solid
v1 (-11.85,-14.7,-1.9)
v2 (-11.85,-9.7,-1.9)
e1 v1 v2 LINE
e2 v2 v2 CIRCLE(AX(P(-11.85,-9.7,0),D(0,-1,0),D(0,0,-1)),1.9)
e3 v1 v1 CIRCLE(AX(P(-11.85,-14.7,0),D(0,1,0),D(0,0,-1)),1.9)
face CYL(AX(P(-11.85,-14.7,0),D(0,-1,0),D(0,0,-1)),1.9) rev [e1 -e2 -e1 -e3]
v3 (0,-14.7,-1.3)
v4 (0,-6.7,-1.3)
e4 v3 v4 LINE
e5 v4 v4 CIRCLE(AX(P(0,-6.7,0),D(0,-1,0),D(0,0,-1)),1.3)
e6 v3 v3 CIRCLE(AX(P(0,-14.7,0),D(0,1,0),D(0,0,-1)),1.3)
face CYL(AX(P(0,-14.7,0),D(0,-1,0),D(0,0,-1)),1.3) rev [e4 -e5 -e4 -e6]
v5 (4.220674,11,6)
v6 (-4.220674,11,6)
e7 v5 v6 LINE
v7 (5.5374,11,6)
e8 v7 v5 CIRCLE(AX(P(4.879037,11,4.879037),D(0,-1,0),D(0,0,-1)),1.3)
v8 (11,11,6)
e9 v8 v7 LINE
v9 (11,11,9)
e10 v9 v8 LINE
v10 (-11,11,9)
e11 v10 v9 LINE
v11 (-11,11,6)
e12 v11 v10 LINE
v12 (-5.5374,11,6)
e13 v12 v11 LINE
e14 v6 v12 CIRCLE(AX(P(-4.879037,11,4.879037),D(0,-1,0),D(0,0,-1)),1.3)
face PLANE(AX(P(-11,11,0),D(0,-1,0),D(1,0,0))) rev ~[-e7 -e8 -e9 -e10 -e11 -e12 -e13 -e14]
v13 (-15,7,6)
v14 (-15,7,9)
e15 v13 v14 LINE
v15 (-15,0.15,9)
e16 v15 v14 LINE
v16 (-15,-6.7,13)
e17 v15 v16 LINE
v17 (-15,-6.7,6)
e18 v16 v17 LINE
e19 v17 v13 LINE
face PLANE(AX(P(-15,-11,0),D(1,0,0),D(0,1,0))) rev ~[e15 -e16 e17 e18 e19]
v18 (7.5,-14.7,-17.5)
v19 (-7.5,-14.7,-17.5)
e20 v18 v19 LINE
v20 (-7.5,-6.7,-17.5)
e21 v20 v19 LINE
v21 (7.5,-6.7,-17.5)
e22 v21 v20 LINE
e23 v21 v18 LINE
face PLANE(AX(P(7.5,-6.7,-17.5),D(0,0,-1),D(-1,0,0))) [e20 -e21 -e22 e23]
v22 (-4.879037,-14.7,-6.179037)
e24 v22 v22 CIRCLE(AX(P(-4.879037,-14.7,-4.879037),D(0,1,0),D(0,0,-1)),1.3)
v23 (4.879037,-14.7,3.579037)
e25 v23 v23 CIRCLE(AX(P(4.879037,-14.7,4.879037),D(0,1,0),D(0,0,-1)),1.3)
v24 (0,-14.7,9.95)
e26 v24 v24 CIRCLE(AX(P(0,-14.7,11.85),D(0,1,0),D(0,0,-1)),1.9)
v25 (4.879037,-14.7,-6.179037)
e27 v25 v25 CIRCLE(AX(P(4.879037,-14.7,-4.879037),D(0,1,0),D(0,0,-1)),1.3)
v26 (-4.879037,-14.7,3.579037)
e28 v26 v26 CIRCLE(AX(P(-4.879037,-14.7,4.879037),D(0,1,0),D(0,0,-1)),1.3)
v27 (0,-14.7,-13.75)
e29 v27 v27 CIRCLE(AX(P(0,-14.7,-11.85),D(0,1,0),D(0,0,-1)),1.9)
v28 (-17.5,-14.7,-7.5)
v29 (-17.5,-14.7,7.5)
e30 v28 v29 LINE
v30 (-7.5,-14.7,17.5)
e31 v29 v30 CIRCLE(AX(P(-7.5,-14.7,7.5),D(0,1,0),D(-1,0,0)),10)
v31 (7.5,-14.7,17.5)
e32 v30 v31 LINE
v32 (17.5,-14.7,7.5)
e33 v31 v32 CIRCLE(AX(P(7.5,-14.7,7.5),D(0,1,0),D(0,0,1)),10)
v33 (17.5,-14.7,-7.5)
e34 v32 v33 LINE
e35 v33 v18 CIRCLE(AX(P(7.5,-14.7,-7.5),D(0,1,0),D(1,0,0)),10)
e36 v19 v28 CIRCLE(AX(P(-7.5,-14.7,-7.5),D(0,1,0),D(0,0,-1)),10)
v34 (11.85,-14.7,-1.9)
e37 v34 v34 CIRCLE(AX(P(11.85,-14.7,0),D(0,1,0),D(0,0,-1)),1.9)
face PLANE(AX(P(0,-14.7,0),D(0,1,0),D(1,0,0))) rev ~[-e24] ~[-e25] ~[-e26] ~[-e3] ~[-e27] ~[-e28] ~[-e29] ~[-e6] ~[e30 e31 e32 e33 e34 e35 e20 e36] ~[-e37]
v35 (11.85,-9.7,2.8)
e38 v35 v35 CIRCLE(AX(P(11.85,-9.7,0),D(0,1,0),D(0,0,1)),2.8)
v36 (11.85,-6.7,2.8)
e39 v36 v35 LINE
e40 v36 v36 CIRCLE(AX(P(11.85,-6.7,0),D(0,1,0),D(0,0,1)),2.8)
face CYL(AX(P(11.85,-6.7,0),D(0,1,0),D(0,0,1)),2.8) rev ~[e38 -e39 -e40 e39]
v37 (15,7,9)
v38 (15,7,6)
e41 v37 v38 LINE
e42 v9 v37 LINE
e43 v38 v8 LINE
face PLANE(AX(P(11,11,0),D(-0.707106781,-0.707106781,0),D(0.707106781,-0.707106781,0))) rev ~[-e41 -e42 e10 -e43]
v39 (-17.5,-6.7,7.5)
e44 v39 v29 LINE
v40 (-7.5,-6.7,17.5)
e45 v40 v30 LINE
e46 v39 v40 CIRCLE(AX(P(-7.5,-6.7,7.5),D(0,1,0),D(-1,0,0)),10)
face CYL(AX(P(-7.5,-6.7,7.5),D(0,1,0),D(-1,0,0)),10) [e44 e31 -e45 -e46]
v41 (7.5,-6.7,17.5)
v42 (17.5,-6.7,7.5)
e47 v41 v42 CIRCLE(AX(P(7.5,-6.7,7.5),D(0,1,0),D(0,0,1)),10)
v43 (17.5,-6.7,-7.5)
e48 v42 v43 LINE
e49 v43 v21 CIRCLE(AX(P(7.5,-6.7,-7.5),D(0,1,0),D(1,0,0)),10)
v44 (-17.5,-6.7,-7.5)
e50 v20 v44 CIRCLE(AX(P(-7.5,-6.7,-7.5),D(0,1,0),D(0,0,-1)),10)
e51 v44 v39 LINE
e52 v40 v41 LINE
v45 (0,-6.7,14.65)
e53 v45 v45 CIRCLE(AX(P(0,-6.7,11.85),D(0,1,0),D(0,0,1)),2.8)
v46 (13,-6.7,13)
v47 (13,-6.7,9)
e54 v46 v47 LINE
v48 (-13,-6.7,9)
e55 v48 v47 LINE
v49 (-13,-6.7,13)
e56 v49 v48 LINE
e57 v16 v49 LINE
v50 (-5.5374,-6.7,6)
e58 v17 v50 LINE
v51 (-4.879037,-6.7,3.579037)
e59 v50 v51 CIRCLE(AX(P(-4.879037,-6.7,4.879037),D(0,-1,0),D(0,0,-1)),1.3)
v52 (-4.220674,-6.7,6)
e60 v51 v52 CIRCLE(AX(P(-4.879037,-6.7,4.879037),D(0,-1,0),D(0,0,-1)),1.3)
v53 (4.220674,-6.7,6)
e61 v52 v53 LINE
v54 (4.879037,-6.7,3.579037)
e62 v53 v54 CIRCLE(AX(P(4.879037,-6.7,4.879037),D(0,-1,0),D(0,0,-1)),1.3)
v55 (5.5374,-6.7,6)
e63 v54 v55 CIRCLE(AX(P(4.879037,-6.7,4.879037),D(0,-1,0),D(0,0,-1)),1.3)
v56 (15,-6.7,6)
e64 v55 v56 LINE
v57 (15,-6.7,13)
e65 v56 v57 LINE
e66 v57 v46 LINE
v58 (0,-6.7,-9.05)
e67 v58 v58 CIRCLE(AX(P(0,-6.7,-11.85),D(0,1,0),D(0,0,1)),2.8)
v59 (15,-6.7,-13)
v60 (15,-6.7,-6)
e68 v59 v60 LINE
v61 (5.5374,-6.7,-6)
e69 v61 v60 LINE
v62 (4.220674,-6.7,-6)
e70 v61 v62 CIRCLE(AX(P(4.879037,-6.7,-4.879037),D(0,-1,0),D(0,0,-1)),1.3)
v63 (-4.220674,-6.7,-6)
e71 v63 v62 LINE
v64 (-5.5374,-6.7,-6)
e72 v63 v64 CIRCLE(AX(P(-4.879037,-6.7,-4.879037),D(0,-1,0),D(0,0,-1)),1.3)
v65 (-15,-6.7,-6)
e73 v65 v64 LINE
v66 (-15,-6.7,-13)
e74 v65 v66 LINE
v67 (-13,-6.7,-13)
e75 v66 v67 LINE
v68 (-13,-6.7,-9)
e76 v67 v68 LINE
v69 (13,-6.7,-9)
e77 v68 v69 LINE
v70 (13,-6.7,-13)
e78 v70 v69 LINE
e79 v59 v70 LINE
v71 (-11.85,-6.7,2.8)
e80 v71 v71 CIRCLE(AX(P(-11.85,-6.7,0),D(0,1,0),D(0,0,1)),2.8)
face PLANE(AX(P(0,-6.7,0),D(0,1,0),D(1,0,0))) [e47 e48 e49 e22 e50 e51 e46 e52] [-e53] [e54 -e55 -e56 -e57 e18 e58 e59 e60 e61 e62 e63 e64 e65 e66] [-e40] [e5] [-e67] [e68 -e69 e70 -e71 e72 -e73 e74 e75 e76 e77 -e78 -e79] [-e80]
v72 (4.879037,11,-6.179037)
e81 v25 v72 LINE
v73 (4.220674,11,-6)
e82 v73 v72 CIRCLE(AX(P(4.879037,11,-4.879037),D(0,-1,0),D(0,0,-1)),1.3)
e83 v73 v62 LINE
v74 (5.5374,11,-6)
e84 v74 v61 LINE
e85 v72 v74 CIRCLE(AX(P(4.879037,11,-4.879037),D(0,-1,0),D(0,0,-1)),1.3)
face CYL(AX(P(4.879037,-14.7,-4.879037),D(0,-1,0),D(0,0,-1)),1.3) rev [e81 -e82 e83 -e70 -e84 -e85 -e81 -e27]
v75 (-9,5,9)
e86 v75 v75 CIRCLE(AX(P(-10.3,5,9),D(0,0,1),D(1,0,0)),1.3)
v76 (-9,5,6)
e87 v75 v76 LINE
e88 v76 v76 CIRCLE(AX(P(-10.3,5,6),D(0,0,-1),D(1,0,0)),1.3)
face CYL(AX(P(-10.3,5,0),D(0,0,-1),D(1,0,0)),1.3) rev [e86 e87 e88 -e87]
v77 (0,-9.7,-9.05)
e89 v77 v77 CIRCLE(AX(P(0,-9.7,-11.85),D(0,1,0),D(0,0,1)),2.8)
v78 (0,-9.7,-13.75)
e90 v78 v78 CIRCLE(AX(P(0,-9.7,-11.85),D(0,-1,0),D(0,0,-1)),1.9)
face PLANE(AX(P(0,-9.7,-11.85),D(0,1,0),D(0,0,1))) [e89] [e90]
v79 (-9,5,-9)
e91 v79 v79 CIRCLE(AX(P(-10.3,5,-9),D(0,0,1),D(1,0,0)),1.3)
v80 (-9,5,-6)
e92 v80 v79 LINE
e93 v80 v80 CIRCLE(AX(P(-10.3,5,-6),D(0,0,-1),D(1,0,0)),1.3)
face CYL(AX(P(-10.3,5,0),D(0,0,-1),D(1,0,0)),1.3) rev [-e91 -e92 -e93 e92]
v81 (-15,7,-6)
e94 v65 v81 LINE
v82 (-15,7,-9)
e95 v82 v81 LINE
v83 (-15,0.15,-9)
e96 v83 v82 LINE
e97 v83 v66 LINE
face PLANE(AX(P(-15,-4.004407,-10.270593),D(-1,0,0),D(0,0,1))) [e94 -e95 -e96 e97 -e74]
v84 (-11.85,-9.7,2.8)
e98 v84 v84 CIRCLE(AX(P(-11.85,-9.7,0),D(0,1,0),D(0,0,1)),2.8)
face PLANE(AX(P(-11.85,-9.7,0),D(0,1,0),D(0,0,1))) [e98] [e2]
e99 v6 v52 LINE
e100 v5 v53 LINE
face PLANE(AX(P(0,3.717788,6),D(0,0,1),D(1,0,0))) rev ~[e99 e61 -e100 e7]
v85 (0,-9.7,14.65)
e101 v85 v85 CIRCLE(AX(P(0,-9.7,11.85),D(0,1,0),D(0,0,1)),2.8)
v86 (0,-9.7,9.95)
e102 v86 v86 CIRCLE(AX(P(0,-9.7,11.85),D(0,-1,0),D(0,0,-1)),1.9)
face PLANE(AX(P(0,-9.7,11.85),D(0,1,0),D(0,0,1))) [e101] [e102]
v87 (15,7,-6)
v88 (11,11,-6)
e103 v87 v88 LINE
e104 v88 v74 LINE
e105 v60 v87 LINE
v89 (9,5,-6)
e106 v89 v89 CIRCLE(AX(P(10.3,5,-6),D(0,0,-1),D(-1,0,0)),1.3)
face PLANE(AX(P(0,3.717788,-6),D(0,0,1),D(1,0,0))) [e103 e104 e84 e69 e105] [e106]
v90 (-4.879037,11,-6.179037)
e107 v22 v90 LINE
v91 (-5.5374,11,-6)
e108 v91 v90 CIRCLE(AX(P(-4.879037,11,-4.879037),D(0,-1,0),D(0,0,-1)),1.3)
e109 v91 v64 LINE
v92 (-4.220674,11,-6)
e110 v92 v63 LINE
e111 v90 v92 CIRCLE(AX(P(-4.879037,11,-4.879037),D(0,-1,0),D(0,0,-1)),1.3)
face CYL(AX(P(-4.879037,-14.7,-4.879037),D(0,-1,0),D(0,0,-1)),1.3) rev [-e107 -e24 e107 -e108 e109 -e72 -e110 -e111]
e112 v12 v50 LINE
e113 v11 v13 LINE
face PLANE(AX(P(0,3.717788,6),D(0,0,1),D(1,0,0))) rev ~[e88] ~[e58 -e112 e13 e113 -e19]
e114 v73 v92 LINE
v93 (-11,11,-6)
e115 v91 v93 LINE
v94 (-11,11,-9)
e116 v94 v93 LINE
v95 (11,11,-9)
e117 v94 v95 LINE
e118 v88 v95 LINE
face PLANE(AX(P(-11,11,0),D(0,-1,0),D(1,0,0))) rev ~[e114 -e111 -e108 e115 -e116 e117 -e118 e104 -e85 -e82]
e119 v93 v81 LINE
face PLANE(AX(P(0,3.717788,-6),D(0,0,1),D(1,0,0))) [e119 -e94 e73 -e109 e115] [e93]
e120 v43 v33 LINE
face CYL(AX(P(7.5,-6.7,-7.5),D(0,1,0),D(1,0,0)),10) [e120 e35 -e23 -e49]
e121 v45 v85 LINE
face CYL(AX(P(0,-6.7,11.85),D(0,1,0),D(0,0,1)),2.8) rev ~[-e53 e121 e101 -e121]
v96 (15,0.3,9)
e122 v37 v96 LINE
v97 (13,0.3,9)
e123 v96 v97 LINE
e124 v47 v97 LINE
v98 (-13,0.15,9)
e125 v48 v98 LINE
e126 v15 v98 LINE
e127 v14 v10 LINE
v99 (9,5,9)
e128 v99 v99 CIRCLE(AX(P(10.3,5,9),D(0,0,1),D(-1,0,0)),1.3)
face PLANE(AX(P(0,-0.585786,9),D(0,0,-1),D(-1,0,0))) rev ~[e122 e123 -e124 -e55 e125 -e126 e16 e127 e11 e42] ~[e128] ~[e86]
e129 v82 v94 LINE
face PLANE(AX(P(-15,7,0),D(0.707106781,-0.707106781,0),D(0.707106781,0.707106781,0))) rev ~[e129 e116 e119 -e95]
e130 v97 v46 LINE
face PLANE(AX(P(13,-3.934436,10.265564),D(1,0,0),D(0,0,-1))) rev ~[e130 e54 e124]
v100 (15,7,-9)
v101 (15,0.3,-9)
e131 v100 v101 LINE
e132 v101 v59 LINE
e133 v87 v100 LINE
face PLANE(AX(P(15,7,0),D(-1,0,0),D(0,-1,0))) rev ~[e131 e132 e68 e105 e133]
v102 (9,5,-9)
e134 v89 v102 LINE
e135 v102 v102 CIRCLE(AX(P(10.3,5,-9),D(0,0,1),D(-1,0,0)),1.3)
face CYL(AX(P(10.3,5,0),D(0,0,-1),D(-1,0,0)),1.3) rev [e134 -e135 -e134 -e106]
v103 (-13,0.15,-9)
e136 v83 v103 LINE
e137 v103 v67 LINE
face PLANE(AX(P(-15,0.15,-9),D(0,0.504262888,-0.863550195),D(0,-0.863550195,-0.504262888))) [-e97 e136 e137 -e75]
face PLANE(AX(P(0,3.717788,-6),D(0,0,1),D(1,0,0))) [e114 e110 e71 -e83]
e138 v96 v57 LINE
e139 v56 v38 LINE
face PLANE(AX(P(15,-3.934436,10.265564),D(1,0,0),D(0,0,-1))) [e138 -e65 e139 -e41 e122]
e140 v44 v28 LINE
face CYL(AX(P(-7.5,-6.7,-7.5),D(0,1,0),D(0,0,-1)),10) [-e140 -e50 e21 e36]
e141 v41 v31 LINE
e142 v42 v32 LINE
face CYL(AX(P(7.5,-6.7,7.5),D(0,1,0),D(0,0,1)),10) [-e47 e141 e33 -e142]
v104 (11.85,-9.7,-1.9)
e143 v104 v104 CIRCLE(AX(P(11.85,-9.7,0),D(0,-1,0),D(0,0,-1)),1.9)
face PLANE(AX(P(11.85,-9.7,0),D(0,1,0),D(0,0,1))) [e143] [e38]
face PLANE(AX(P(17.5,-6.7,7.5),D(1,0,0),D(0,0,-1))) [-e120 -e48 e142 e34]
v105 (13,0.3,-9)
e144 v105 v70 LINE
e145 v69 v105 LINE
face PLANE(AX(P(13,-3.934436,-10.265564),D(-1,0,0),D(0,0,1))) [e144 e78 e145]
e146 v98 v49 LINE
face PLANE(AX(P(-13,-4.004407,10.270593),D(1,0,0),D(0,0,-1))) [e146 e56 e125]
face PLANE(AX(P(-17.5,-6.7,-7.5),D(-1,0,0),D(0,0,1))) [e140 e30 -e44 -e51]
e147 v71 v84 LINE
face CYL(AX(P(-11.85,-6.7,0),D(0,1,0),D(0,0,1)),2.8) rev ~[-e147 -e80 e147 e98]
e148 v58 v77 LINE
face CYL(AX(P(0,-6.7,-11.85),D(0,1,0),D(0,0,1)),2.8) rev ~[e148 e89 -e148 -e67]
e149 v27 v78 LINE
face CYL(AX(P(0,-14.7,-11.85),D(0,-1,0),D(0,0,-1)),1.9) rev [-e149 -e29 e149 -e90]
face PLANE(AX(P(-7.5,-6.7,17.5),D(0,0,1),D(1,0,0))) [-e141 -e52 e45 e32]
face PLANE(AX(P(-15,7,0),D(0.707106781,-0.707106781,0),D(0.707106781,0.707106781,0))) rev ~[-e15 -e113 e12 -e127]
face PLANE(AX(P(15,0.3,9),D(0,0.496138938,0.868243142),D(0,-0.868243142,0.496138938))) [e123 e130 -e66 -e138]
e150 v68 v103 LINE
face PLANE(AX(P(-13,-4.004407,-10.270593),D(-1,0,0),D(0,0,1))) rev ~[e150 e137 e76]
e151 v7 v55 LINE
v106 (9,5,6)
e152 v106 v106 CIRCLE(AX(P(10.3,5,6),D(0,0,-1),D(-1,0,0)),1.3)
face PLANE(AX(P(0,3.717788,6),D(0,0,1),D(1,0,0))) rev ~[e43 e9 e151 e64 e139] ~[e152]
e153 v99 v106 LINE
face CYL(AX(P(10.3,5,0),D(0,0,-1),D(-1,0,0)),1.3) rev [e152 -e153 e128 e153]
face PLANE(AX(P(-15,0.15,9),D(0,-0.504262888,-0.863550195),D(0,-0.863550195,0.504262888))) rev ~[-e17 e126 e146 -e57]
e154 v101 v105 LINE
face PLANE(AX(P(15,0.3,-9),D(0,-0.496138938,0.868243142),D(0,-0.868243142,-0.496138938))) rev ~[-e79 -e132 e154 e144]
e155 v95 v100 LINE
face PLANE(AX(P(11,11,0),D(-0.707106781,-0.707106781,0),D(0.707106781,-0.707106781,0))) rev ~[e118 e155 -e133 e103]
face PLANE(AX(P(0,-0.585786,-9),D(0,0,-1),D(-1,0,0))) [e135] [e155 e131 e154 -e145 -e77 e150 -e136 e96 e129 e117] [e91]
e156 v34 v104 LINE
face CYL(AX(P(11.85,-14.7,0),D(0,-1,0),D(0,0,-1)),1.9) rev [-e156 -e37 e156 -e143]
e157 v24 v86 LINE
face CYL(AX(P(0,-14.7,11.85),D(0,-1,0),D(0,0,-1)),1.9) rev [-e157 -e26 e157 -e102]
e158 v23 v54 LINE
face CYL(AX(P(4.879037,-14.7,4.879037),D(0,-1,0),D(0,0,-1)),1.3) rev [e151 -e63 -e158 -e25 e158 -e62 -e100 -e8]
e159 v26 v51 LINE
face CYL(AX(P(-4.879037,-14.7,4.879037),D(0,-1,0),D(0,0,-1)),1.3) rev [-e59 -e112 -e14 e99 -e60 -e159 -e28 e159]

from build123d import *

# Parameters (mm, degrees)
SKETCH_2_R          = 1.3
EXTRUDE_1_DEPTH     = 9
SKETCH_3_W          = 30
SKETCH_3_H          = 20.835575778
CUT_EXTRUDE_1_DEPTH = 6
EXTRUDE_START       = -6.7
EXTRUDE_2_DEPTH     = 8
CUT_EXTRUDE_START   = -14.7
SKETCH_5_R          = 1.3
SKETCH_5_R_2        = 1.9
CUT_EXTRUDE_2_DEPTH = 30
EXTRUDE_3_DEPTH     = 2
EXTRUDE_4_DEPTH     = 2
SKETCH_11_R         = 2.8
CUT_EXTRUDE_3_DEPTH = 3


with BuildPart() as part:
    # 草图2 → 凸台-拉伸1 (new, symmetric)
    with BuildSketch(Plane.XY):
        Polygon((-11, 11), (11, 11), (15, 7), (15, -11), (-15, -11), (-15, 7), align=None)
        with Locations((-10.3, 5)):
            Circle(SKETCH_2_R, mode=Mode.SUBTRACT)
        with Locations(Location((10.3, 5, 0), (0, 0, 180))):
            Circle(SKETCH_2_R, mode=Mode.SUBTRACT)
    extrude(amount=EXTRUDE_1_DEPTH, both=True)

    # 草图3 → 切除-拉伸1 (cut, symmetric)
    with BuildSketch(Plane.XY):
        with Locations((0, 3.717787889)):
            Rectangle(SKETCH_3_W, SKETCH_3_H)
    extrude(amount=CUT_EXTRUDE_1_DEPTH, both=True, mode=Mode.SUBTRACT)

    # 草图6 → 凸台-拉伸2 (add)
    with BuildSketch(Plane(origin=(0, 0, 0), x_dir=(1, 0, 0), z_dir=(0, 1, 0)).offset(EXTRUDE_START)):
        with BuildLine():
            Line((-7.5, -17.5), (7.5, -17.5))
            ThreePointArc((7.5, -17.5), (14.571067812, -14.571067812), (17.5, -7.5))
            Line((17.5, -7.5), (17.5, 7.5))
            ThreePointArc((17.5, 7.5), (14.571067812, 14.571067812), (7.5, 17.5))
            Line((7.5, 17.5), (-7.5, 17.5))
            ThreePointArc((-7.5, 17.5), (-14.571067812, 14.571067812), (-17.5, 7.5))
            Line((-17.5, 7.5), (-17.5, -7.5))
            ThreePointArc((-17.5, -7.5), (-14.571067812, -14.571067812), (-7.5, -17.5))
        make_face()
    extrude(amount=-EXTRUDE_2_DEPTH)

    # 草图5 → 切除-拉伸2 (cut)
    with BuildSketch(Plane(origin=(0, 0, 0), x_dir=(1, 0, 0), z_dir=(0, 1, 0)).offset(CUT_EXTRUDE_START)):
        with Locations(Location((0, 0, 0), (0, 0, 90))):
            Circle(SKETCH_5_R)
        with Locations(Location((-4.87903679, 4.87903679, 0), (0, 0, 90))):
            Circle(SKETCH_5_R)
        with Locations(Location((-11.85, 0, 0), (0, 0, 90))):
            Circle(SKETCH_5_R_2)
        with Locations(Location((0, 11.85, 0), (0, 0, 90))):
            Circle(SKETCH_5_R_2)
        with Locations(Location((4.87903679, 4.87903679, 0), (0, 0, 90))):
            Circle(SKETCH_5_R)
        with Locations(Location((11.85, 0, 0), (0, 0, 90))):
            Circle(SKETCH_5_R_2)
        with Locations(Location((4.87903679, -4.87903679, 0), (0, 0, 90))):
            Circle(SKETCH_5_R)
        with Locations(Location((0, -11.85, 0), (0, 0, 90))):
            Circle(SKETCH_5_R_2)
        with Locations(Location((-4.87903679, -4.87903679, 0), (0, 0, 90))):
            Circle(SKETCH_5_R)
    extrude(amount=CUT_EXTRUDE_2_DEPTH, mode=Mode.SUBTRACT)

    # 草图7 → 凸台-拉伸3 (add)
    with BuildSketch(Plane(origin=(15, 0, 0), x_dir=(0, 0, -1), z_dir=(1, 0, 0))):
        Polygon((-9, 0.3), (-13, -6.7), (-9, -6.7), align=None)
        Polygon((9, -6.7), (9, 0.3), (13, -6.7), align=None)
    extrude(amount=-EXTRUDE_3_DEPTH)

    # 草图10 → 凸台-拉伸4 (add)
    with BuildSketch(Plane.ZY.offset(15)):
        Polygon((-9, 0.15), (-13, -6.7), (-9, -6.7), align=None)
        Polygon((9, -6.7), (9, 0.15), (13, -6.7), align=None)
    extrude(amount=-EXTRUDE_4_DEPTH)

    # 草图11 → 切除-拉伸3 (cut)
    with BuildSketch(Plane(origin=(0, -6.7, 0), x_dir=(1, 0, 0), z_dir=(0, 1, 0))):
        with Locations(Location((0, 11.85, 0), (0, 0, 270))):
            Circle(SKETCH_11_R)
        with Locations(Location((11.85, 0, 0), (0, 0, 270))):
            Circle(SKETCH_11_R)
        with Locations(Location((0, -11.85, 0), (0, 0, 270))):
            Circle(SKETCH_11_R)
        with Locations(Location((-11.85, 0, 0), (0, 0, 270))):
            Circle(SKETCH_11_R)
    extrude(amount=-CUT_EXTRUDE_3_DEPTH, mode=Mode.SUBTRACT)


solid = part.part
